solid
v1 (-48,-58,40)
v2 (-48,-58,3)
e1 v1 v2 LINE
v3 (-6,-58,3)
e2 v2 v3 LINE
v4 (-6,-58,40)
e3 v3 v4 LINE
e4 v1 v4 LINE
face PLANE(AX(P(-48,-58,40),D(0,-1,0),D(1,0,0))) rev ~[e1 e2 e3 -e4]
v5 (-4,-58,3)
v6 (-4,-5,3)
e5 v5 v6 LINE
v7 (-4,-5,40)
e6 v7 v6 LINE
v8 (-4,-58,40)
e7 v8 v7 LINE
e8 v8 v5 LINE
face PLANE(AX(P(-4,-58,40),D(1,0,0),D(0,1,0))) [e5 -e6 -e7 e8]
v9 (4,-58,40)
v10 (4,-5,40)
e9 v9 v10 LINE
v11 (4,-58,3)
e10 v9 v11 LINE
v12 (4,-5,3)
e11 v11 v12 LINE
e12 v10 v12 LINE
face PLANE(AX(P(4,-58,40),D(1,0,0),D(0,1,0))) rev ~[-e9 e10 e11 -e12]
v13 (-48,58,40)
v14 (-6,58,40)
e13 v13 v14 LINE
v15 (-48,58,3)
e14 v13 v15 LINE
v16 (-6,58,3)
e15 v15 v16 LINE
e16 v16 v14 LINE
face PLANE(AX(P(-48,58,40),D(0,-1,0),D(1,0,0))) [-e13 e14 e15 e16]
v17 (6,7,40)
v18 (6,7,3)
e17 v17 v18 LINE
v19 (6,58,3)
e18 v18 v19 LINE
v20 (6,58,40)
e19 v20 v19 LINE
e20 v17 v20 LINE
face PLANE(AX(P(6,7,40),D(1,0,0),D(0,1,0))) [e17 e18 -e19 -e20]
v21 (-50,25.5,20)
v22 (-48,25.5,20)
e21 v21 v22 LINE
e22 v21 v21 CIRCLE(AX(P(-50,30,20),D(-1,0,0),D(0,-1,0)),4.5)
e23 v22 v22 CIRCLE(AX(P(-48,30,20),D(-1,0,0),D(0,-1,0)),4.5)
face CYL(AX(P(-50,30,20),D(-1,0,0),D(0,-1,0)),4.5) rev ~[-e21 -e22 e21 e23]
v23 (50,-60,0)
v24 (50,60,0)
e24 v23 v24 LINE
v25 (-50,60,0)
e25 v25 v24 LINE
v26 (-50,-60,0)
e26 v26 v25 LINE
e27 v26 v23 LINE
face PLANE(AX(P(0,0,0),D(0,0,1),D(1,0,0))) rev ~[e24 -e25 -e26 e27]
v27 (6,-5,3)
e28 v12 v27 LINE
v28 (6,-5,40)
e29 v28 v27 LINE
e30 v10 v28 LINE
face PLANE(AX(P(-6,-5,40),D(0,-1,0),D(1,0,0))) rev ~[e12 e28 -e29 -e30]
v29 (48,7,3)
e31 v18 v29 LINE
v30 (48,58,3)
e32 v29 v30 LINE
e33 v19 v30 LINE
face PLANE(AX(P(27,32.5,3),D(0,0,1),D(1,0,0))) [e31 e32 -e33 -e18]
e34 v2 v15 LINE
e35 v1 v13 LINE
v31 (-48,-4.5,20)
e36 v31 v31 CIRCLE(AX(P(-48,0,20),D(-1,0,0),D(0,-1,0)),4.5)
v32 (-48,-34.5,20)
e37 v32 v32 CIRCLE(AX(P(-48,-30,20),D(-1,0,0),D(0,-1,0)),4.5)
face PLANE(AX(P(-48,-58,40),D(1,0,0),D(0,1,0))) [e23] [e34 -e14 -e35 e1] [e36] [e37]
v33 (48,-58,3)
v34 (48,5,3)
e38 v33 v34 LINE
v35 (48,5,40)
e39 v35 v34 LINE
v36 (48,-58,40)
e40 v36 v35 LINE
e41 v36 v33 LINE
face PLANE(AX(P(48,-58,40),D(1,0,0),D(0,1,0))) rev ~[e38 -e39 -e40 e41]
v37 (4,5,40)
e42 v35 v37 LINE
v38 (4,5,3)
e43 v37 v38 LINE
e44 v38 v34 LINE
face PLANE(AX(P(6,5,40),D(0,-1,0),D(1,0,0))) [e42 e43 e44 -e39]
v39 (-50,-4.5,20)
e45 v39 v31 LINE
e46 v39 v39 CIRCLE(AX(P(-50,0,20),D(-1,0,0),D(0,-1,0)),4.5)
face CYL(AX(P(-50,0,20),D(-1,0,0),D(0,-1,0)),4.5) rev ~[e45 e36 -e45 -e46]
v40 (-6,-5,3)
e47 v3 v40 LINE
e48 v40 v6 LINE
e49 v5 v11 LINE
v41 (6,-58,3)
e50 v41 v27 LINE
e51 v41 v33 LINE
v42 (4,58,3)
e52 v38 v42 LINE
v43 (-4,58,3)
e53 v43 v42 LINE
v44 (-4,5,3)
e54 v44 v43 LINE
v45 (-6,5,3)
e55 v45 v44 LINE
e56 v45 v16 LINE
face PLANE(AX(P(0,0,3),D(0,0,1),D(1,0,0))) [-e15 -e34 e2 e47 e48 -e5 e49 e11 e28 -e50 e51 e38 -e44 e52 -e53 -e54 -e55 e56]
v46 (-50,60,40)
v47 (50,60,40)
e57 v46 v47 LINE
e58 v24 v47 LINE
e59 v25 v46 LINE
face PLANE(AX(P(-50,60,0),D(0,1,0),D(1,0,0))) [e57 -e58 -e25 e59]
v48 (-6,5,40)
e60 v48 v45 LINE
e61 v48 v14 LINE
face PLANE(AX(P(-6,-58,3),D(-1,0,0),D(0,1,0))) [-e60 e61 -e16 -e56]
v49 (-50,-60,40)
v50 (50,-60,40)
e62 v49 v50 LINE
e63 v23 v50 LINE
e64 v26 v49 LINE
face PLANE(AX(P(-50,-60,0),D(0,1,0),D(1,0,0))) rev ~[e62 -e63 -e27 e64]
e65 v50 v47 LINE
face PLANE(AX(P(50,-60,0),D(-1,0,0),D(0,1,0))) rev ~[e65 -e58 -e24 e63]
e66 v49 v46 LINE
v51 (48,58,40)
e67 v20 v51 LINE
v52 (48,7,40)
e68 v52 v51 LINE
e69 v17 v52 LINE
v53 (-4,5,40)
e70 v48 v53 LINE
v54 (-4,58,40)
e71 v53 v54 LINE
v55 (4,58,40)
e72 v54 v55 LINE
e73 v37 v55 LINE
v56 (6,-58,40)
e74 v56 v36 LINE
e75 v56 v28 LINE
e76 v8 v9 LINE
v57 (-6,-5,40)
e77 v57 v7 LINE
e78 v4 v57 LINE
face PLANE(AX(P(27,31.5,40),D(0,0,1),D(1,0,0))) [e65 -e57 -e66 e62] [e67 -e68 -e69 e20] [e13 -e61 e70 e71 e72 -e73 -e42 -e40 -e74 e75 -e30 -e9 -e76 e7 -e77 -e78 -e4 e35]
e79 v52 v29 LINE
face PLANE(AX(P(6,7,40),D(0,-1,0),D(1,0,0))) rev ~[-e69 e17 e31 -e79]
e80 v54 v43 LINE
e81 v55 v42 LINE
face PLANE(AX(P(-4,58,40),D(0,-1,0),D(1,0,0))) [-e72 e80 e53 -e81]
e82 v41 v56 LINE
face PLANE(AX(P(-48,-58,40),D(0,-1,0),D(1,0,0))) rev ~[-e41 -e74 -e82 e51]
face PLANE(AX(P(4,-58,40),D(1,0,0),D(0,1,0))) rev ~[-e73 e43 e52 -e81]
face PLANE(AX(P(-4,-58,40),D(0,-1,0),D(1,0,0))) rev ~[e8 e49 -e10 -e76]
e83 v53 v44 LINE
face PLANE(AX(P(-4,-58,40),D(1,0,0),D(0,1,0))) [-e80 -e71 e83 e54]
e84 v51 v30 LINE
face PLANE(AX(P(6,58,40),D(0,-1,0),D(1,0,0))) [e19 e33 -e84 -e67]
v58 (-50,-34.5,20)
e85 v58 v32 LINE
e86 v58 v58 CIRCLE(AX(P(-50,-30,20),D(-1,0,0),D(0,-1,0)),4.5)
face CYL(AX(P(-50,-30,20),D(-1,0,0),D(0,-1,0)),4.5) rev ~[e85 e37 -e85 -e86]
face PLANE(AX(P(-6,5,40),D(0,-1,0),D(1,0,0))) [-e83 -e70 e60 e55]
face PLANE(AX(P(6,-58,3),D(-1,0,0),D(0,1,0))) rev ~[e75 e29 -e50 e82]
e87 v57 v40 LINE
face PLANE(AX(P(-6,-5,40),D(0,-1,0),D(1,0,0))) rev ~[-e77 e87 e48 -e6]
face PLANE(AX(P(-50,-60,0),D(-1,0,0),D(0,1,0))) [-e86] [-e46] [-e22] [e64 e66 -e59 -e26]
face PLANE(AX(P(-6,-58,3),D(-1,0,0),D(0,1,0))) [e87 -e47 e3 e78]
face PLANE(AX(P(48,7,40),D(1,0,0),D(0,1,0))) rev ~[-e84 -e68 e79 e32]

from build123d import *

# Parameters (mm, degrees)
F0_W      = 100
F0_H      = 120
F1_DEPTH  = 40
F2_W      = 96
F2_H      = 116
F3_DEPTH  = 37
F4_R      = 4.5
F5_DEPTH  = 2
F6_W      = 12
F6_H      = 116
F7_DEPTH  = 37
F8_W      = 8
F8_H      = 116
F9_DEPTH  = 37
F10_W     = 12
F10_H     = 10
F11_DEPTH = 37
F12_W     = 42
F12_H     = 53
F13_DEPTH = 37
F14_W     = 42
F14_H     = 51
F15_DEPTH = 37


with BuildPart() as f1:
    # F0 (on Top) → F1 (new body)
    with BuildSketch(Plane.XY):
        Rectangle(F0_W, F0_H)
    extrude(amount=F1_DEPTH)

    # F2 (on face) → F3 (cut)
    with BuildSketch(Plane.XY.offset(40)):
        Rectangle(F2_W, F2_H)
    extrude(amount=-F3_DEPTH, mode=Mode.SUBTRACT)

    # F4 (on face) → F5 (cut)
    with BuildSketch(Plane(origin=(-50, 0, 0), x_dir=(0, -1, 0), z_dir=(-1, 0, 0))):
        with Locations((0, 20)):
            Circle(F4_R)
        with Locations((-30, 20)):
            Circle(F4_R)
        with Locations((30, 20)):
            Circle(F4_R)
    extrude(amount=-F5_DEPTH, mode=Mode.SUBTRACT)

    # F6 (on face) → F7 (join)
    with BuildSketch(Plane.XY.offset(3)):
        Rectangle(F6_W, F6_H)
    extrude(amount=F7_DEPTH)

    # F8 (on face) → F9 (cut)
    with BuildSketch(Plane.XY.offset(40)):
        Rectangle(F8_W, F8_H)
    extrude(amount=-F9_DEPTH, mode=Mode.SUBTRACT)

    # F10 (on face) → F11 (cut)
    with BuildSketch(Plane.XY.offset(40)):
        Rectangle(F10_W, F10_H)
    extrude(amount=-F11_DEPTH, mode=Mode.SUBTRACT)

    # F12 (on face) → F13 (join)
    with BuildSketch(Plane.XY.offset(40)):
        with Locations((27, 31.5)):
            Rectangle(F12_W, F12_H)
    extrude(amount=-F13_DEPTH)

    # F14 (on face) → F15 (cut)
    with BuildSketch(Plane.XY.offset(40)):
        with Locations((27, 32.5)):
            Rectangle(F14_W, F14_H)
    extrude(amount=-F15_DEPTH, mode=Mode.SUBTRACT)


solid = f1.part
